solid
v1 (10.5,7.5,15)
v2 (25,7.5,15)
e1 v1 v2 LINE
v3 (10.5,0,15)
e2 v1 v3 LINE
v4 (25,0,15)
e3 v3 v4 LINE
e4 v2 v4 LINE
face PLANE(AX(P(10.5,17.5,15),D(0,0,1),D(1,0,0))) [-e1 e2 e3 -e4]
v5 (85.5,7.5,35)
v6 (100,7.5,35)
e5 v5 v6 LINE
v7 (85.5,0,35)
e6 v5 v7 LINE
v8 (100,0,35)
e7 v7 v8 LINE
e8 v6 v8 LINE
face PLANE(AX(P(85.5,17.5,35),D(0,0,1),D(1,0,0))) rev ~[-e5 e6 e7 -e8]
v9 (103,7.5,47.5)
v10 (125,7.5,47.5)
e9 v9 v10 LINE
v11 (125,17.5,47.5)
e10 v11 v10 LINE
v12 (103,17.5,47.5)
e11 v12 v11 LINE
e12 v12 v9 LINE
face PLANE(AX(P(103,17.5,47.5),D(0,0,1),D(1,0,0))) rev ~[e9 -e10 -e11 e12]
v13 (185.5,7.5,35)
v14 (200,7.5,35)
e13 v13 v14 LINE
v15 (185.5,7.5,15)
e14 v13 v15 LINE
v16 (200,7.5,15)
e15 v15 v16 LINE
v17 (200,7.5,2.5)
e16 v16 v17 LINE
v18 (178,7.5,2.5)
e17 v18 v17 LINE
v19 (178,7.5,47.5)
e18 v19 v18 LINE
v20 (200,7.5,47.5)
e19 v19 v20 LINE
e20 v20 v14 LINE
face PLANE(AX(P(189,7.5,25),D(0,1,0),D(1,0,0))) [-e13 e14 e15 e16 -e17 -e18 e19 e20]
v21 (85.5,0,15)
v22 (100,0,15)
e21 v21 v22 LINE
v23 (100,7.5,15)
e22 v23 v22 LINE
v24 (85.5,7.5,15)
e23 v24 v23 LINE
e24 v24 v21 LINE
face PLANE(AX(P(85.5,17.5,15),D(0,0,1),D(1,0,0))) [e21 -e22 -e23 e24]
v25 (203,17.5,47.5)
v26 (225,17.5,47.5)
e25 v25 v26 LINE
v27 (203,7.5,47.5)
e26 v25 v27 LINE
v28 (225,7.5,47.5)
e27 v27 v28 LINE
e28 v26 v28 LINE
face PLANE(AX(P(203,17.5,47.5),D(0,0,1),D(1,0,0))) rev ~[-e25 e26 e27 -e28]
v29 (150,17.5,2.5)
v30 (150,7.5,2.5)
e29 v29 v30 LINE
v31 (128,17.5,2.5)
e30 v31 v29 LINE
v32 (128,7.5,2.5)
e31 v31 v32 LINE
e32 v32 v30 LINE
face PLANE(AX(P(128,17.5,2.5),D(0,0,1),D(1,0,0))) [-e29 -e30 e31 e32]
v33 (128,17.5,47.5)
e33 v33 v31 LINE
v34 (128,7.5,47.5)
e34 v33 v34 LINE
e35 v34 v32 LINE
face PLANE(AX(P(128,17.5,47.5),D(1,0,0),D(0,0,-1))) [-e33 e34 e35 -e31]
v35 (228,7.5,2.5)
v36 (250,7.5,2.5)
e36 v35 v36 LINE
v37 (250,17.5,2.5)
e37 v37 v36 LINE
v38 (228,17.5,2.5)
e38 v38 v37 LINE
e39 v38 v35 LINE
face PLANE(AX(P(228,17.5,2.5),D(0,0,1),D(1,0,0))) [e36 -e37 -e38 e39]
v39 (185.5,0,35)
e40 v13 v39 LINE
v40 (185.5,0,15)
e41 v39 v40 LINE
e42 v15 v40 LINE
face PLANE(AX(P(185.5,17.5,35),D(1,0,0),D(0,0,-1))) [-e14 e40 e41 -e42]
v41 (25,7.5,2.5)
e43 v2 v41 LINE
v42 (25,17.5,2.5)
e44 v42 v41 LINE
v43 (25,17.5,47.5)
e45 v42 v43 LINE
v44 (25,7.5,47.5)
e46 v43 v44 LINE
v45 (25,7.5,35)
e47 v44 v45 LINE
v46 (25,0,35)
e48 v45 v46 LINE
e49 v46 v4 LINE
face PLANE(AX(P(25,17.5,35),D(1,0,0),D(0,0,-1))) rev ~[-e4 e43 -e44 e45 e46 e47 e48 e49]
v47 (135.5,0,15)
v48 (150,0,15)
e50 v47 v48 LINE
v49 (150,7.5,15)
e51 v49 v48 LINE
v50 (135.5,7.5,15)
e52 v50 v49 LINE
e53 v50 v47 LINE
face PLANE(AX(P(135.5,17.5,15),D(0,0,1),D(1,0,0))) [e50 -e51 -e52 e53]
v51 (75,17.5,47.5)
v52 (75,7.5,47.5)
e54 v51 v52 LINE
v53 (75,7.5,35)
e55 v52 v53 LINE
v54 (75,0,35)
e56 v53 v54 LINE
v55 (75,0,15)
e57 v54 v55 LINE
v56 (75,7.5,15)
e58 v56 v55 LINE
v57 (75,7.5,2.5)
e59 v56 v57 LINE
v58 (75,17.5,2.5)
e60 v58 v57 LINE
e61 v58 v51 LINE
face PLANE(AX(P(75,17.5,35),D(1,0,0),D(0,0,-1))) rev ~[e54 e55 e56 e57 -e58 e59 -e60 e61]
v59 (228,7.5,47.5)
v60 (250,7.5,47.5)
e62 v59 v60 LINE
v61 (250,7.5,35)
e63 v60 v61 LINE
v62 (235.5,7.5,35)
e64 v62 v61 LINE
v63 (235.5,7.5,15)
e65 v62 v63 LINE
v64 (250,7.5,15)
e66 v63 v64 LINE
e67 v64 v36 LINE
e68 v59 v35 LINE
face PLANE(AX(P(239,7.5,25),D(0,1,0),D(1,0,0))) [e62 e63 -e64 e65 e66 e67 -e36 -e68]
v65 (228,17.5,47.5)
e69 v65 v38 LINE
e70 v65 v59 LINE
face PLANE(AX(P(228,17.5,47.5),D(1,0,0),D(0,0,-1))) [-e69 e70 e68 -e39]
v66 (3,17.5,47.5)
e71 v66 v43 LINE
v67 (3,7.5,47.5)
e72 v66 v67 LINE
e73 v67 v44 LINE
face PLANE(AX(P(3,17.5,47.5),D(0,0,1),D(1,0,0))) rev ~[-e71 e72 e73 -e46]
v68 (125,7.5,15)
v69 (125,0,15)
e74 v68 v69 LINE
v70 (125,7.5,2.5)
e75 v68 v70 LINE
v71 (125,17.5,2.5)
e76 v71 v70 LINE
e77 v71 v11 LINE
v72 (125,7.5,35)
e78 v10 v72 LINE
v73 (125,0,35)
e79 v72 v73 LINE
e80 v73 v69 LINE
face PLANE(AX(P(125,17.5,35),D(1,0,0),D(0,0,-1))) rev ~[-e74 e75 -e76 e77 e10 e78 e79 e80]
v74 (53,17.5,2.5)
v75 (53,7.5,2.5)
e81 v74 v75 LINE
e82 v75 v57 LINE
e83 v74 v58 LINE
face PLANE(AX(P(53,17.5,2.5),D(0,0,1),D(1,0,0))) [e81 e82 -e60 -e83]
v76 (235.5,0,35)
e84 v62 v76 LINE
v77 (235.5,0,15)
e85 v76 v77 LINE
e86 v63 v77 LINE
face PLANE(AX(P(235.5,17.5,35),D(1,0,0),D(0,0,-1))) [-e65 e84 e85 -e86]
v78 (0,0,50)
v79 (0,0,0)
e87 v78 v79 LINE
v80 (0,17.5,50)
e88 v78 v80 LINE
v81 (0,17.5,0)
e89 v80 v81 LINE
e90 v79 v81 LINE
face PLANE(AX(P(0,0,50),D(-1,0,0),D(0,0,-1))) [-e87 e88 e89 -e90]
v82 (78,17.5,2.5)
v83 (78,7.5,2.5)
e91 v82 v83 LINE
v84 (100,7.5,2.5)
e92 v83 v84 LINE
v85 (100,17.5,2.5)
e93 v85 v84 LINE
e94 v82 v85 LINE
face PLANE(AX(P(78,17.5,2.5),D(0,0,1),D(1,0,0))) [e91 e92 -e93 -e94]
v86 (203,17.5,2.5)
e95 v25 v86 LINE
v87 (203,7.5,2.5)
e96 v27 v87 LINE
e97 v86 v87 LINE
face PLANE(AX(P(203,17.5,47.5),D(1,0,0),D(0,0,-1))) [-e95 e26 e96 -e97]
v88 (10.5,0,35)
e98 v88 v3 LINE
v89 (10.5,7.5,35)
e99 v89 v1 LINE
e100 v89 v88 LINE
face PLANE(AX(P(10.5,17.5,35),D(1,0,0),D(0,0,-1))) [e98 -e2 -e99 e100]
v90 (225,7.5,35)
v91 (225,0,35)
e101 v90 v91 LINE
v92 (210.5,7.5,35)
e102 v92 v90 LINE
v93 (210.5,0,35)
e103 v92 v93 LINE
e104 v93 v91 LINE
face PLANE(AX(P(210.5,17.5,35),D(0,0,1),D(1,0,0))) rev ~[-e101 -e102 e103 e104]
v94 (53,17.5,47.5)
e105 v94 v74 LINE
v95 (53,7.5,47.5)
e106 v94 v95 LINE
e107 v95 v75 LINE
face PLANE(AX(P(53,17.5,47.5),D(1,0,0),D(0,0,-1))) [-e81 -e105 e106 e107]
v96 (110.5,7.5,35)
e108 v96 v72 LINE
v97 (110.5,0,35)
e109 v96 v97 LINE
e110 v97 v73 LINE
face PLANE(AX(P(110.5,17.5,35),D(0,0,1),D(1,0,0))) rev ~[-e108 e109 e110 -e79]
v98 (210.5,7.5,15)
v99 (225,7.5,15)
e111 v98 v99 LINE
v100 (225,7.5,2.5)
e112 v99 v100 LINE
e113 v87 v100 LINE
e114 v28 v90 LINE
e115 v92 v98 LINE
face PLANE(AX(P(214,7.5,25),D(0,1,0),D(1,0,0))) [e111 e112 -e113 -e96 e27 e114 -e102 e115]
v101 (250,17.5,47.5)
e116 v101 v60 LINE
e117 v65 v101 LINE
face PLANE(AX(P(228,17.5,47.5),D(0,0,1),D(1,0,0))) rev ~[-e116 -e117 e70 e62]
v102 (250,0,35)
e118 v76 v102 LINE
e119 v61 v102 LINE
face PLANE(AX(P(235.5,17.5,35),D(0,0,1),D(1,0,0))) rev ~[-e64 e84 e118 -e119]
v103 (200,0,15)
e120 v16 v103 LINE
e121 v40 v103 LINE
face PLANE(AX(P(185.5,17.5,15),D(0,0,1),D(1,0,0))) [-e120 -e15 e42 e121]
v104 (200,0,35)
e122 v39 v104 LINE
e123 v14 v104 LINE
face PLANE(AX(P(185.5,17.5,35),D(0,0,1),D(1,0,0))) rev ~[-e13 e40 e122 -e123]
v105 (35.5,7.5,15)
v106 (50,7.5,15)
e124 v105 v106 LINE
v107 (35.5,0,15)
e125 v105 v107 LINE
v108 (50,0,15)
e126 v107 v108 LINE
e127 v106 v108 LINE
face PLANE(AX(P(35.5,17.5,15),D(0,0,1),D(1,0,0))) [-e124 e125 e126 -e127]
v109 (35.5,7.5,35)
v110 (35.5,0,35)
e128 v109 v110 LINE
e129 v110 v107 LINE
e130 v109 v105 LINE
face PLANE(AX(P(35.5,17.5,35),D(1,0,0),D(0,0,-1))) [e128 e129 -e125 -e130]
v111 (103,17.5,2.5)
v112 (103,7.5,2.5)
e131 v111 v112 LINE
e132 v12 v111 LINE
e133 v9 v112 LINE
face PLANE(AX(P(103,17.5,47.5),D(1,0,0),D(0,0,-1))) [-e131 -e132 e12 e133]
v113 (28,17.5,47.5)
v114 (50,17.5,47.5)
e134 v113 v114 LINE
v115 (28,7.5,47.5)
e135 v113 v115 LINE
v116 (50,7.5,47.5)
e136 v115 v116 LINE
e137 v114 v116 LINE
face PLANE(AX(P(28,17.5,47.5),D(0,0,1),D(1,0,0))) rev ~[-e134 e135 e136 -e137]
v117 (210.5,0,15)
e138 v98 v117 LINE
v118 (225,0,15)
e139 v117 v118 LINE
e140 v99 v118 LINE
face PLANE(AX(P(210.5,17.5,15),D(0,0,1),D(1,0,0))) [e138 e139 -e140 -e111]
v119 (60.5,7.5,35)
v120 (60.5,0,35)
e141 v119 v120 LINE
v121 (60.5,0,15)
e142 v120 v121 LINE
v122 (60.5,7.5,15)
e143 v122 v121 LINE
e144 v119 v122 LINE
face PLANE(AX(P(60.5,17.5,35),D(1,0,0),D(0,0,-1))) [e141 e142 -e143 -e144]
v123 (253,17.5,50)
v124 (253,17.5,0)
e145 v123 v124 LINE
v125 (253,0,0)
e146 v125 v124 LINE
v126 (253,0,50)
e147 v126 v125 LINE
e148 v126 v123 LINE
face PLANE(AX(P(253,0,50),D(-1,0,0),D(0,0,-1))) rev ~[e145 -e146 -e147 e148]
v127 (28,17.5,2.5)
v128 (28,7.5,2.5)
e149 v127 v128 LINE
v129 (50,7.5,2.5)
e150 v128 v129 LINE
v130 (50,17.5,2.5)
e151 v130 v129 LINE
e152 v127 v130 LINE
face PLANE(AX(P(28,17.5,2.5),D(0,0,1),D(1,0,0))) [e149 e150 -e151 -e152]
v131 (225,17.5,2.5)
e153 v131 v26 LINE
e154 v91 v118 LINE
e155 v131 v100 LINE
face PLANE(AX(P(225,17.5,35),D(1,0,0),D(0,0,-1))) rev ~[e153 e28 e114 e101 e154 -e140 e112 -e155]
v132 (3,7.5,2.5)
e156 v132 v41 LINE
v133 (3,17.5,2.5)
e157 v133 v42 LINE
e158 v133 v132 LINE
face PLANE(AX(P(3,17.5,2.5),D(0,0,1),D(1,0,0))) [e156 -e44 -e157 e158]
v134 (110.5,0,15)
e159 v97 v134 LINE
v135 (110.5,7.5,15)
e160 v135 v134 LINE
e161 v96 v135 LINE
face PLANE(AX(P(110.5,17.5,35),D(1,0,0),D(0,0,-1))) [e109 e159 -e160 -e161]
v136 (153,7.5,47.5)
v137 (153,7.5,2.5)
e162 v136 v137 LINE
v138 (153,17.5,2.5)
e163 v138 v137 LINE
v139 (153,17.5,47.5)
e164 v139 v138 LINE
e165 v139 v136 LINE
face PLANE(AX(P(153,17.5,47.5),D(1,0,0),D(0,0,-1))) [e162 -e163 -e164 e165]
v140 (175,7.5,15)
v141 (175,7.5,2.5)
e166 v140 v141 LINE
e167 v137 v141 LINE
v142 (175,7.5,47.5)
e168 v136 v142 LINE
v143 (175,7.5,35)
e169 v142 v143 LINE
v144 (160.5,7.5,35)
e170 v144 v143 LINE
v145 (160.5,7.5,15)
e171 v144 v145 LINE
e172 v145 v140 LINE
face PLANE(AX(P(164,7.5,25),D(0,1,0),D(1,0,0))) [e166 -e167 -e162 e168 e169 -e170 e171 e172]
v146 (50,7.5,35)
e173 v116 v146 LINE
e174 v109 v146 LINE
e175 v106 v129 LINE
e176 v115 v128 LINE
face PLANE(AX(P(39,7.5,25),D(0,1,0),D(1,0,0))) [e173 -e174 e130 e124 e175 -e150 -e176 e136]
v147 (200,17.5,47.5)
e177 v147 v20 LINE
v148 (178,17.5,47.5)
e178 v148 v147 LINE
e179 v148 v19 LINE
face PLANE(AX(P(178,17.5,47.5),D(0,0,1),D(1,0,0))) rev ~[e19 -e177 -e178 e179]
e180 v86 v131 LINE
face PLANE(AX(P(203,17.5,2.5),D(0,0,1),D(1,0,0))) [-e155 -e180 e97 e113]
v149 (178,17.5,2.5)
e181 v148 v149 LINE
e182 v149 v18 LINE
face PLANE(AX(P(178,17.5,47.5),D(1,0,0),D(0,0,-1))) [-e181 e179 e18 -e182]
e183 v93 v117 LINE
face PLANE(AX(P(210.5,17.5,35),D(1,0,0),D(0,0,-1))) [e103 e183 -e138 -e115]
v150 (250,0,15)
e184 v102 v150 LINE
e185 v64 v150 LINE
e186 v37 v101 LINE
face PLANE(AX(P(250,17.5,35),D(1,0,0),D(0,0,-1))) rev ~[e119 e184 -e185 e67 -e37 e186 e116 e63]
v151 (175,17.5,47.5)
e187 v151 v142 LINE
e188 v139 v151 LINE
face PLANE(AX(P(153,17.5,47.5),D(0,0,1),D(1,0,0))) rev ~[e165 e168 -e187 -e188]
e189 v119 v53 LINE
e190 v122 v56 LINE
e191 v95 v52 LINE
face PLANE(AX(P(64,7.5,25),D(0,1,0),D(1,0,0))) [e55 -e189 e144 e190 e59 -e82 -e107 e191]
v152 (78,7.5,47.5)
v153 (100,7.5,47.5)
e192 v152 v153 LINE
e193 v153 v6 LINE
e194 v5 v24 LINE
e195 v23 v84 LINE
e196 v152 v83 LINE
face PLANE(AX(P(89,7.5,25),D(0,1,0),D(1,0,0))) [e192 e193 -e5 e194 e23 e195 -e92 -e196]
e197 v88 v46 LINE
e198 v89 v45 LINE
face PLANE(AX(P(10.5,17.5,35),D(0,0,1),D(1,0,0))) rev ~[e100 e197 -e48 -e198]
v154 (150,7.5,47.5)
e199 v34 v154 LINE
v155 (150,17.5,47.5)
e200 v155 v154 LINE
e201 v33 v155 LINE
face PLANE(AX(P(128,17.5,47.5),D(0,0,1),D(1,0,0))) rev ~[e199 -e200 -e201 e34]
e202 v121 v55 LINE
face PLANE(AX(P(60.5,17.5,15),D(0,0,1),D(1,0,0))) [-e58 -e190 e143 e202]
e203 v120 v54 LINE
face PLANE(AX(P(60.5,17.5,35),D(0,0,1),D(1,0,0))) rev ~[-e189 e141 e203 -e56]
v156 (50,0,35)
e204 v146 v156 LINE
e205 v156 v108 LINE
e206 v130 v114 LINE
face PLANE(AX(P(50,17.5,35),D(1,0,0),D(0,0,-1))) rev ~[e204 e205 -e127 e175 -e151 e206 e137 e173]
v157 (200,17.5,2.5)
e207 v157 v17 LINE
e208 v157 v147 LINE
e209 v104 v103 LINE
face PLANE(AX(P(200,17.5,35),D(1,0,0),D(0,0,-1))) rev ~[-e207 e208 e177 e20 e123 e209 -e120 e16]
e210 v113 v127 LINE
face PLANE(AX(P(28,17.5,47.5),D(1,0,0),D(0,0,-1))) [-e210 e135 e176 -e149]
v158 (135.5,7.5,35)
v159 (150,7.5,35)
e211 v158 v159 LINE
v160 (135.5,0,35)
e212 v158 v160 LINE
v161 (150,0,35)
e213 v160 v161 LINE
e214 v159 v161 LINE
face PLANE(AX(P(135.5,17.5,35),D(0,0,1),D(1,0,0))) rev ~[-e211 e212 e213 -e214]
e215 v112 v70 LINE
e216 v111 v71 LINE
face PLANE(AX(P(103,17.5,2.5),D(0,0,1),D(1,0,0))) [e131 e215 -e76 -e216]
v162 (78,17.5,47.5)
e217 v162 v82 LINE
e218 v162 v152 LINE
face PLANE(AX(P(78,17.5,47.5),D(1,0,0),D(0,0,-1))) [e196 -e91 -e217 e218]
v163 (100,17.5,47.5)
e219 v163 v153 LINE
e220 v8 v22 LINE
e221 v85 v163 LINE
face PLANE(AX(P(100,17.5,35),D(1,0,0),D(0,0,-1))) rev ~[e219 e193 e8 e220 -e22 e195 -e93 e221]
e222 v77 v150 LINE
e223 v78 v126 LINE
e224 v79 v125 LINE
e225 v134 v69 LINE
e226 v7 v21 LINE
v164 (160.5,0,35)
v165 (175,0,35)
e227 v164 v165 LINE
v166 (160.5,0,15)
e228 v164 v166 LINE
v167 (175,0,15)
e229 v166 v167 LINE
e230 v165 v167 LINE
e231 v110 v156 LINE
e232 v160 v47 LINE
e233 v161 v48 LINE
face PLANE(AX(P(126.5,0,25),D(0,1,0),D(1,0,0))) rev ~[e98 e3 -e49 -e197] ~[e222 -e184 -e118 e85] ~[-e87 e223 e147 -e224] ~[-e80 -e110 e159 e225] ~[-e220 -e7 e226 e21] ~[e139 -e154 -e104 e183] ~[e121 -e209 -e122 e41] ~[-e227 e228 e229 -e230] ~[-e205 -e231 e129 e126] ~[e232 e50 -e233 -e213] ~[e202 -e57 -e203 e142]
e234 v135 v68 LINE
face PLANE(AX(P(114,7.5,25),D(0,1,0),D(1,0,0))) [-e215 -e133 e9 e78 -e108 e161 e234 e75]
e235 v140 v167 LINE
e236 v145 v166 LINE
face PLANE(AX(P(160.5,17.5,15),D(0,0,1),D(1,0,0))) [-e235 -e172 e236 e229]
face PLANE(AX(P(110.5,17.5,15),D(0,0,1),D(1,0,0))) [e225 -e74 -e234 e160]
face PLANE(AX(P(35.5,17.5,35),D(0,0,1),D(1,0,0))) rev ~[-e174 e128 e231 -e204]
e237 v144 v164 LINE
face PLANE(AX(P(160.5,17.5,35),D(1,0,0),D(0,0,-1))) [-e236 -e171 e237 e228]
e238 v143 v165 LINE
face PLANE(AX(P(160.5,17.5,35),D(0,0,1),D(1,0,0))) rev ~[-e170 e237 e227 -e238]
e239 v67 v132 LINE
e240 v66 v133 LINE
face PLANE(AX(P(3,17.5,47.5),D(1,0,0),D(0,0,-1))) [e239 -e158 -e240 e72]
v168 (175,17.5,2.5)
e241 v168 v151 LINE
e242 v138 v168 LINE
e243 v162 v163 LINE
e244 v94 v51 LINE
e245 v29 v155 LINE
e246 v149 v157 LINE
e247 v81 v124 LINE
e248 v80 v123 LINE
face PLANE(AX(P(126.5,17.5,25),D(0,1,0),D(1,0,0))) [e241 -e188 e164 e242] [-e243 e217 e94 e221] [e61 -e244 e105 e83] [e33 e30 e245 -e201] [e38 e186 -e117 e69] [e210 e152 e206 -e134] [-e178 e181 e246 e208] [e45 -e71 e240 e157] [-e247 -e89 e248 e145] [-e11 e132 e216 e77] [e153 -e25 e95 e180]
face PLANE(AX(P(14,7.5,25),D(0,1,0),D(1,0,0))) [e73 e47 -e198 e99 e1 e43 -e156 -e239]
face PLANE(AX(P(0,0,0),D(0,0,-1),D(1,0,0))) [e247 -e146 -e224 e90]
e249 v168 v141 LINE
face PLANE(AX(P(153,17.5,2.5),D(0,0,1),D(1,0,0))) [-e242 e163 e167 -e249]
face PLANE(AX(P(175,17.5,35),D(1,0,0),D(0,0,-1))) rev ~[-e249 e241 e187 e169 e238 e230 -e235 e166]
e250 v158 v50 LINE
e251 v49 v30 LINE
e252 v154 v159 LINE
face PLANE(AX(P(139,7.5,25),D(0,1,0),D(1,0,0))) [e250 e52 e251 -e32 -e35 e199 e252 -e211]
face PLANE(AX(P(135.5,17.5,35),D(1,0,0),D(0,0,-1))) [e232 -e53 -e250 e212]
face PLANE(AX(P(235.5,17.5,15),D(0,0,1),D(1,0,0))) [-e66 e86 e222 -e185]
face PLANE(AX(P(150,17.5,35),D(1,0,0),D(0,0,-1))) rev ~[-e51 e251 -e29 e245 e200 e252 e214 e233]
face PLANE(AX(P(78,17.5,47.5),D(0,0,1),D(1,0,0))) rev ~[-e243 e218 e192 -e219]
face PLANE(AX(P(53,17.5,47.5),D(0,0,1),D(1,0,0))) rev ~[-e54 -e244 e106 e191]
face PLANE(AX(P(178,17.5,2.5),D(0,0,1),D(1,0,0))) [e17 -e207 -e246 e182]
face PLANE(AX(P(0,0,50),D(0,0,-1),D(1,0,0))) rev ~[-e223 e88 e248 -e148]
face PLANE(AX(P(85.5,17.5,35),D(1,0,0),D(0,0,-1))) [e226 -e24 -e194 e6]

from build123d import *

# Parameters (mm, degrees)
SKETCH1_W           = 253
SKETCH1_H           = 50
BOSS_EXTRUDE1_DEPTH = 17.5
SKETCH2_W           = 22
SKETCH2_H           = 45
CUT_EXTRUDE1_DEPTH  = 10
SKETCH3_W           = 14.5
SKETCH3_H           = 20
CUT_EXTRUDE2_DEPTH  = 17.5
LPATTERN1_COUNT     = 10
LPATTERN1_PITCH     = 25


with BuildPart() as part:
    # Sketch1 → Boss-Extrude1 (new body)
    with BuildSketch(Plane(origin=(0, 0, 0), x_dir=(1, 0, 0), z_dir=(0, 1, 0))):
        with Locations((126.5, -25)):
            Rectangle(SKETCH1_W, SKETCH1_H)
    extrude(amount=BOSS_EXTRUDE1_DEPTH)

    # Sketch2 → Cut-Extrude1 (cut)
    with BuildSketch(Plane(origin=(0, 17.5, 0), x_dir=(1, 0, 0), z_dir=(0, 1, 0))):
        with Locations((14, -25)):
            Rectangle(SKETCH2_W, SKETCH2_H)
    cut_extrude1 = extrude(amount=-CUT_EXTRUDE1_DEPTH, mode=Mode.SUBTRACT)

    # Sketch3 → Cut-Extrude2 (cut)
    with BuildSketch(Plane(origin=(0, 17.5, 0), x_dir=(1, 0, 0), z_dir=(0, 1, 0))):
        with Locations((17.75, -25)):
            Rectangle(SKETCH3_W, SKETCH3_H)
    cut_extrude2 = extrude(amount=-CUT_EXTRUDE2_DEPTH, mode=Mode.SUBTRACT)

    # LPattern1: Cut-Extrude1, Cut-Extrude2 ×10
    with Locations(*[(i * LPATTERN1_PITCH, 0, 0) for i in range(1, LPATTERN1_COUNT)]):
        add(cut_extrude1, mode=Mode.SUBTRACT)
        add(cut_extrude2, mode=Mode.SUBTRACT)


solid = part.part
